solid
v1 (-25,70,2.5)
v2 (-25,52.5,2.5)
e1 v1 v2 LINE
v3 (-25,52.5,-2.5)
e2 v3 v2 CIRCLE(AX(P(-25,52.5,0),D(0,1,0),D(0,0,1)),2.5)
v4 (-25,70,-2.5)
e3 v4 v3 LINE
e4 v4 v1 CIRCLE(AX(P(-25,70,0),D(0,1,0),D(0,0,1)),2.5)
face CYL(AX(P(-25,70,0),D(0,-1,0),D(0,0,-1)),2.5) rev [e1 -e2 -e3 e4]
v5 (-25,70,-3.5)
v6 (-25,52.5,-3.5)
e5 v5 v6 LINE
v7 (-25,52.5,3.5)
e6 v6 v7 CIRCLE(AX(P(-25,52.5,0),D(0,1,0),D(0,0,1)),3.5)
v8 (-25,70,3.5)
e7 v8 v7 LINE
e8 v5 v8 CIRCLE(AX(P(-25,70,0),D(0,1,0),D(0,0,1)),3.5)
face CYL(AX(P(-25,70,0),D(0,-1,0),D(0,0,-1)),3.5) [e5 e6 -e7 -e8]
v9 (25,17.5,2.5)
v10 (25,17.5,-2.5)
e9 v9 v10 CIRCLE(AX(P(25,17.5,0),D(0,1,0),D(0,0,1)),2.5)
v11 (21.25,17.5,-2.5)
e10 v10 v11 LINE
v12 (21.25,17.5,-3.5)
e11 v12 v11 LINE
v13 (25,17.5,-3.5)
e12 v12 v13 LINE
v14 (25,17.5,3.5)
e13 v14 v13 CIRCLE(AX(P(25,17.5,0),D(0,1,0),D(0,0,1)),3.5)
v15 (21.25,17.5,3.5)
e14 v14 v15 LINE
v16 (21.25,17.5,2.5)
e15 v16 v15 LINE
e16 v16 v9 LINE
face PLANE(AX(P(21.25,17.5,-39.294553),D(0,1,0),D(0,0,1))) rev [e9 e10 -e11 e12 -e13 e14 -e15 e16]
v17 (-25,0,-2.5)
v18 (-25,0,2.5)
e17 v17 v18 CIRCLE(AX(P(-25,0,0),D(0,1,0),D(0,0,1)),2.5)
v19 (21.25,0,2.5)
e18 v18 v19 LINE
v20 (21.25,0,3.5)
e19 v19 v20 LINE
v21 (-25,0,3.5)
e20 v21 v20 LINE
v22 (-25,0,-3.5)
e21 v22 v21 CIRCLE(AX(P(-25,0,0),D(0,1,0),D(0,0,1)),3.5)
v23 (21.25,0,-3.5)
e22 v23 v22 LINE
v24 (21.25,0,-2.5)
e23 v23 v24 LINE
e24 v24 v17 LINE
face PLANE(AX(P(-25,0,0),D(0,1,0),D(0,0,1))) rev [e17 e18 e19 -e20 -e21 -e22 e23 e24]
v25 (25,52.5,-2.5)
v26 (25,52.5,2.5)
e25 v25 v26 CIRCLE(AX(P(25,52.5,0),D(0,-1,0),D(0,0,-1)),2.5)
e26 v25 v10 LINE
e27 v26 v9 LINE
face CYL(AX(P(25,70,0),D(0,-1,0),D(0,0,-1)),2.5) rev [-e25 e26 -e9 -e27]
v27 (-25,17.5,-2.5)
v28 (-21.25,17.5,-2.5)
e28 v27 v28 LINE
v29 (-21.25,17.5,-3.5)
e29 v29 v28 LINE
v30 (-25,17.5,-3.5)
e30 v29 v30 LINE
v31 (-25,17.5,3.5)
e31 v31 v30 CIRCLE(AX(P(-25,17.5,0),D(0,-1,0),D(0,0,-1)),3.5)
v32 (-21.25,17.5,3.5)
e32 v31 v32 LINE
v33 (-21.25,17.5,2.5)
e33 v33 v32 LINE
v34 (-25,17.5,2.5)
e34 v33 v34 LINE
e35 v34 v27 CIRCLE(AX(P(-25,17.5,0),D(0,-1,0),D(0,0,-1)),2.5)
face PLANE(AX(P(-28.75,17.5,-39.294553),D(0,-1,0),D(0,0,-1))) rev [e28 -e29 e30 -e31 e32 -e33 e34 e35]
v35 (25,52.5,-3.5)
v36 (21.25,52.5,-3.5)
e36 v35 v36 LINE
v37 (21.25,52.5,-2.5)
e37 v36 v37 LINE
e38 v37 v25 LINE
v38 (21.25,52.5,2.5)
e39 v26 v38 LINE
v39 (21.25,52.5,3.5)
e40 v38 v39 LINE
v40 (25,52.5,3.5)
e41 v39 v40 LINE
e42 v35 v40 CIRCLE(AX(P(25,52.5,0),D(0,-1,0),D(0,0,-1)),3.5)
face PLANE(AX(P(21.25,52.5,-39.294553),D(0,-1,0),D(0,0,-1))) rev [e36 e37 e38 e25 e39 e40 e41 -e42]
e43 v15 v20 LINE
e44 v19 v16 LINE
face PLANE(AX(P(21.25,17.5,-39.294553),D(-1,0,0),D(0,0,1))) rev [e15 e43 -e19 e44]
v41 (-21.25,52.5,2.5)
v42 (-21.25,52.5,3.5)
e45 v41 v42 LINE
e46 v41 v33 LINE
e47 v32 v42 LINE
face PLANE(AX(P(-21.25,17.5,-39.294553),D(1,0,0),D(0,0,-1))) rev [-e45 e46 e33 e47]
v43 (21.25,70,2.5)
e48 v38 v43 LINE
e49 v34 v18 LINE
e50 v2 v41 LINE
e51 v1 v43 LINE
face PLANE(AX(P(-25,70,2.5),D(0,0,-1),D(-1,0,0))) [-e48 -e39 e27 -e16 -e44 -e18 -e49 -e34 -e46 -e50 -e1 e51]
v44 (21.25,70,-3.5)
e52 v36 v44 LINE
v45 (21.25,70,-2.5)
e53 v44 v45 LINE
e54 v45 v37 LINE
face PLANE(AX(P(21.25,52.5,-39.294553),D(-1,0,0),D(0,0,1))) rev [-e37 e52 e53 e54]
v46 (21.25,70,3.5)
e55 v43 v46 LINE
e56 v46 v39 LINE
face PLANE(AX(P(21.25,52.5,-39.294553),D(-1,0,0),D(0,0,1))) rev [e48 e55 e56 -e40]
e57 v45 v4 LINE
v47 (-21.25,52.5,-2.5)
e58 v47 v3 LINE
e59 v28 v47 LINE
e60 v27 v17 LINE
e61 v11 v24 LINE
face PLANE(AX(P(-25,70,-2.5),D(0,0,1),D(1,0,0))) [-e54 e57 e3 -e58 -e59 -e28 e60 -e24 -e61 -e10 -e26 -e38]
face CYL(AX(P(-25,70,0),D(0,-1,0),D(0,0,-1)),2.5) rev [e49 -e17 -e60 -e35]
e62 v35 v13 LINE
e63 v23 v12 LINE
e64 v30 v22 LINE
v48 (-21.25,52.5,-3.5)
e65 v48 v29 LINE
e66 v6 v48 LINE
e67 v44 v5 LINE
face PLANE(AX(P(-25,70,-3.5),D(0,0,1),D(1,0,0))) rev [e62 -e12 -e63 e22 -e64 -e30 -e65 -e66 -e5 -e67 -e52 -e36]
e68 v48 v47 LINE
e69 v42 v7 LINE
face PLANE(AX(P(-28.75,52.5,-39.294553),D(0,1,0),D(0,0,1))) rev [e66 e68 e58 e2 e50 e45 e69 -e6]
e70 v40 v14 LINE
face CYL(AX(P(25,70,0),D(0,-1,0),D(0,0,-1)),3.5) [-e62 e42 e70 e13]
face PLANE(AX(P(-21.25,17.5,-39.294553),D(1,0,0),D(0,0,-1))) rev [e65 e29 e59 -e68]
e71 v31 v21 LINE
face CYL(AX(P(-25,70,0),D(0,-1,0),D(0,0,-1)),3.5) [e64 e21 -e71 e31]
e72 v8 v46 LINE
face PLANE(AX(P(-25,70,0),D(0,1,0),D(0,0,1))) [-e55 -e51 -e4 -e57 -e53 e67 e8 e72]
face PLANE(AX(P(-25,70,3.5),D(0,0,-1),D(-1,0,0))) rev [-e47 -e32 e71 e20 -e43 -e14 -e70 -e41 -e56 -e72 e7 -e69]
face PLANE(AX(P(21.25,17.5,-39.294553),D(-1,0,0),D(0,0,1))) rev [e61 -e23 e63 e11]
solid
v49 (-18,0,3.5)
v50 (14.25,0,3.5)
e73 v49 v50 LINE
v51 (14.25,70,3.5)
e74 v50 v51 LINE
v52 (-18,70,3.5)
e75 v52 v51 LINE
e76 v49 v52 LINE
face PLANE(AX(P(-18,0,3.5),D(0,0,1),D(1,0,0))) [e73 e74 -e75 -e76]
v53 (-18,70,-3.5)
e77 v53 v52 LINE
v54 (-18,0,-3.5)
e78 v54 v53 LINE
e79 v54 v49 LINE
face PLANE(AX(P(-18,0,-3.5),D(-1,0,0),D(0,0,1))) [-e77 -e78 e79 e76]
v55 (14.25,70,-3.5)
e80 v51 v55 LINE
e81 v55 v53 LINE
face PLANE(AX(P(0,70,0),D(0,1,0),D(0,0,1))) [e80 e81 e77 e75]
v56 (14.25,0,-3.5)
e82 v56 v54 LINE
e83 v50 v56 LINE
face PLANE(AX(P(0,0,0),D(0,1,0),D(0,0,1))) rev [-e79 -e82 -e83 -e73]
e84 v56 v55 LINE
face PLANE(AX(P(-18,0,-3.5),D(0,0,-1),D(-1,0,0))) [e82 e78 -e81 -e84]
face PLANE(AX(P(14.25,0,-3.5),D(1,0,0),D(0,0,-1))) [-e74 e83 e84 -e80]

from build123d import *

# Parameters (mm, degrees)
BOSS_EXTRUDE1_DEPTH = 70
SKETCH2_W           = 7.5
SKETCH2_H           = 17.5
SKETCH2_H_2         = 35
CUT_EXTRUDE1_DEPTH  = 7
SKETCH3_W           = 32.25
SKETCH3_H           = 7
BOSS_EXTRUDE2_DEPTH = 70


with BuildPart() as part:
    # Sketch1 → Boss-Extrude1 (new body)
    with BuildSketch(Plane(origin=(0, 0, 0), x_dir=(1, 0, 0), z_dir=(0, 1, 0))):
        with BuildLine():
            Line((-25, 3.5), (25, 3.5))
            ThreePointArc((25, 3.5), (28.5, 0), (25, -3.5))
            Line((25, -3.5), (-25, -3.5))
            ThreePointArc((-25, -3.5), (-28.5, 0), (-25, 3.5))
        make_face()
        with BuildLine():
            Line((-25, 2.5), (25, 2.5))
            ThreePointArc((25, 2.5), (27.5, 0), (25, -2.5))
            Line((25, -2.5), (-25, -2.5))
            ThreePointArc((-25, -2.5), (-27.5, 0), (-25, 2.5))
        make_face(mode=Mode.SUBTRACT)
    extrude(amount=BOSS_EXTRUDE1_DEPTH)

    # Sketch2 → Cut-Extrude1 (cut)
    with BuildSketch(Plane.XY.offset(3.5)):
        with Locations((25, 61.25)):
            Rectangle(SKETCH2_W, SKETCH2_H)
        with Locations((-25, 35)):
            Rectangle(SKETCH2_W, SKETCH2_H_2)
        with Locations((25, 8.75)):
            Rectangle(SKETCH2_W, SKETCH2_H)
    extrude(amount=-CUT_EXTRUDE1_DEPTH, mode=Mode.SUBTRACT)


with BuildPart() as body_2:
    # Sketch3 → Boss-Extrude2 (new body)
    with BuildSketch(Plane(origin=(0, 70, 0), x_dir=(1, 0, 0), z_dir=(0, 1, 0))):
        with Locations((-1.875, 0)):
            Rectangle(SKETCH3_W, SKETCH3_H)
    extrude(amount=-BOSS_EXTRUDE2_DEPTH)


solid = Compound([part.part, body_2.part])
